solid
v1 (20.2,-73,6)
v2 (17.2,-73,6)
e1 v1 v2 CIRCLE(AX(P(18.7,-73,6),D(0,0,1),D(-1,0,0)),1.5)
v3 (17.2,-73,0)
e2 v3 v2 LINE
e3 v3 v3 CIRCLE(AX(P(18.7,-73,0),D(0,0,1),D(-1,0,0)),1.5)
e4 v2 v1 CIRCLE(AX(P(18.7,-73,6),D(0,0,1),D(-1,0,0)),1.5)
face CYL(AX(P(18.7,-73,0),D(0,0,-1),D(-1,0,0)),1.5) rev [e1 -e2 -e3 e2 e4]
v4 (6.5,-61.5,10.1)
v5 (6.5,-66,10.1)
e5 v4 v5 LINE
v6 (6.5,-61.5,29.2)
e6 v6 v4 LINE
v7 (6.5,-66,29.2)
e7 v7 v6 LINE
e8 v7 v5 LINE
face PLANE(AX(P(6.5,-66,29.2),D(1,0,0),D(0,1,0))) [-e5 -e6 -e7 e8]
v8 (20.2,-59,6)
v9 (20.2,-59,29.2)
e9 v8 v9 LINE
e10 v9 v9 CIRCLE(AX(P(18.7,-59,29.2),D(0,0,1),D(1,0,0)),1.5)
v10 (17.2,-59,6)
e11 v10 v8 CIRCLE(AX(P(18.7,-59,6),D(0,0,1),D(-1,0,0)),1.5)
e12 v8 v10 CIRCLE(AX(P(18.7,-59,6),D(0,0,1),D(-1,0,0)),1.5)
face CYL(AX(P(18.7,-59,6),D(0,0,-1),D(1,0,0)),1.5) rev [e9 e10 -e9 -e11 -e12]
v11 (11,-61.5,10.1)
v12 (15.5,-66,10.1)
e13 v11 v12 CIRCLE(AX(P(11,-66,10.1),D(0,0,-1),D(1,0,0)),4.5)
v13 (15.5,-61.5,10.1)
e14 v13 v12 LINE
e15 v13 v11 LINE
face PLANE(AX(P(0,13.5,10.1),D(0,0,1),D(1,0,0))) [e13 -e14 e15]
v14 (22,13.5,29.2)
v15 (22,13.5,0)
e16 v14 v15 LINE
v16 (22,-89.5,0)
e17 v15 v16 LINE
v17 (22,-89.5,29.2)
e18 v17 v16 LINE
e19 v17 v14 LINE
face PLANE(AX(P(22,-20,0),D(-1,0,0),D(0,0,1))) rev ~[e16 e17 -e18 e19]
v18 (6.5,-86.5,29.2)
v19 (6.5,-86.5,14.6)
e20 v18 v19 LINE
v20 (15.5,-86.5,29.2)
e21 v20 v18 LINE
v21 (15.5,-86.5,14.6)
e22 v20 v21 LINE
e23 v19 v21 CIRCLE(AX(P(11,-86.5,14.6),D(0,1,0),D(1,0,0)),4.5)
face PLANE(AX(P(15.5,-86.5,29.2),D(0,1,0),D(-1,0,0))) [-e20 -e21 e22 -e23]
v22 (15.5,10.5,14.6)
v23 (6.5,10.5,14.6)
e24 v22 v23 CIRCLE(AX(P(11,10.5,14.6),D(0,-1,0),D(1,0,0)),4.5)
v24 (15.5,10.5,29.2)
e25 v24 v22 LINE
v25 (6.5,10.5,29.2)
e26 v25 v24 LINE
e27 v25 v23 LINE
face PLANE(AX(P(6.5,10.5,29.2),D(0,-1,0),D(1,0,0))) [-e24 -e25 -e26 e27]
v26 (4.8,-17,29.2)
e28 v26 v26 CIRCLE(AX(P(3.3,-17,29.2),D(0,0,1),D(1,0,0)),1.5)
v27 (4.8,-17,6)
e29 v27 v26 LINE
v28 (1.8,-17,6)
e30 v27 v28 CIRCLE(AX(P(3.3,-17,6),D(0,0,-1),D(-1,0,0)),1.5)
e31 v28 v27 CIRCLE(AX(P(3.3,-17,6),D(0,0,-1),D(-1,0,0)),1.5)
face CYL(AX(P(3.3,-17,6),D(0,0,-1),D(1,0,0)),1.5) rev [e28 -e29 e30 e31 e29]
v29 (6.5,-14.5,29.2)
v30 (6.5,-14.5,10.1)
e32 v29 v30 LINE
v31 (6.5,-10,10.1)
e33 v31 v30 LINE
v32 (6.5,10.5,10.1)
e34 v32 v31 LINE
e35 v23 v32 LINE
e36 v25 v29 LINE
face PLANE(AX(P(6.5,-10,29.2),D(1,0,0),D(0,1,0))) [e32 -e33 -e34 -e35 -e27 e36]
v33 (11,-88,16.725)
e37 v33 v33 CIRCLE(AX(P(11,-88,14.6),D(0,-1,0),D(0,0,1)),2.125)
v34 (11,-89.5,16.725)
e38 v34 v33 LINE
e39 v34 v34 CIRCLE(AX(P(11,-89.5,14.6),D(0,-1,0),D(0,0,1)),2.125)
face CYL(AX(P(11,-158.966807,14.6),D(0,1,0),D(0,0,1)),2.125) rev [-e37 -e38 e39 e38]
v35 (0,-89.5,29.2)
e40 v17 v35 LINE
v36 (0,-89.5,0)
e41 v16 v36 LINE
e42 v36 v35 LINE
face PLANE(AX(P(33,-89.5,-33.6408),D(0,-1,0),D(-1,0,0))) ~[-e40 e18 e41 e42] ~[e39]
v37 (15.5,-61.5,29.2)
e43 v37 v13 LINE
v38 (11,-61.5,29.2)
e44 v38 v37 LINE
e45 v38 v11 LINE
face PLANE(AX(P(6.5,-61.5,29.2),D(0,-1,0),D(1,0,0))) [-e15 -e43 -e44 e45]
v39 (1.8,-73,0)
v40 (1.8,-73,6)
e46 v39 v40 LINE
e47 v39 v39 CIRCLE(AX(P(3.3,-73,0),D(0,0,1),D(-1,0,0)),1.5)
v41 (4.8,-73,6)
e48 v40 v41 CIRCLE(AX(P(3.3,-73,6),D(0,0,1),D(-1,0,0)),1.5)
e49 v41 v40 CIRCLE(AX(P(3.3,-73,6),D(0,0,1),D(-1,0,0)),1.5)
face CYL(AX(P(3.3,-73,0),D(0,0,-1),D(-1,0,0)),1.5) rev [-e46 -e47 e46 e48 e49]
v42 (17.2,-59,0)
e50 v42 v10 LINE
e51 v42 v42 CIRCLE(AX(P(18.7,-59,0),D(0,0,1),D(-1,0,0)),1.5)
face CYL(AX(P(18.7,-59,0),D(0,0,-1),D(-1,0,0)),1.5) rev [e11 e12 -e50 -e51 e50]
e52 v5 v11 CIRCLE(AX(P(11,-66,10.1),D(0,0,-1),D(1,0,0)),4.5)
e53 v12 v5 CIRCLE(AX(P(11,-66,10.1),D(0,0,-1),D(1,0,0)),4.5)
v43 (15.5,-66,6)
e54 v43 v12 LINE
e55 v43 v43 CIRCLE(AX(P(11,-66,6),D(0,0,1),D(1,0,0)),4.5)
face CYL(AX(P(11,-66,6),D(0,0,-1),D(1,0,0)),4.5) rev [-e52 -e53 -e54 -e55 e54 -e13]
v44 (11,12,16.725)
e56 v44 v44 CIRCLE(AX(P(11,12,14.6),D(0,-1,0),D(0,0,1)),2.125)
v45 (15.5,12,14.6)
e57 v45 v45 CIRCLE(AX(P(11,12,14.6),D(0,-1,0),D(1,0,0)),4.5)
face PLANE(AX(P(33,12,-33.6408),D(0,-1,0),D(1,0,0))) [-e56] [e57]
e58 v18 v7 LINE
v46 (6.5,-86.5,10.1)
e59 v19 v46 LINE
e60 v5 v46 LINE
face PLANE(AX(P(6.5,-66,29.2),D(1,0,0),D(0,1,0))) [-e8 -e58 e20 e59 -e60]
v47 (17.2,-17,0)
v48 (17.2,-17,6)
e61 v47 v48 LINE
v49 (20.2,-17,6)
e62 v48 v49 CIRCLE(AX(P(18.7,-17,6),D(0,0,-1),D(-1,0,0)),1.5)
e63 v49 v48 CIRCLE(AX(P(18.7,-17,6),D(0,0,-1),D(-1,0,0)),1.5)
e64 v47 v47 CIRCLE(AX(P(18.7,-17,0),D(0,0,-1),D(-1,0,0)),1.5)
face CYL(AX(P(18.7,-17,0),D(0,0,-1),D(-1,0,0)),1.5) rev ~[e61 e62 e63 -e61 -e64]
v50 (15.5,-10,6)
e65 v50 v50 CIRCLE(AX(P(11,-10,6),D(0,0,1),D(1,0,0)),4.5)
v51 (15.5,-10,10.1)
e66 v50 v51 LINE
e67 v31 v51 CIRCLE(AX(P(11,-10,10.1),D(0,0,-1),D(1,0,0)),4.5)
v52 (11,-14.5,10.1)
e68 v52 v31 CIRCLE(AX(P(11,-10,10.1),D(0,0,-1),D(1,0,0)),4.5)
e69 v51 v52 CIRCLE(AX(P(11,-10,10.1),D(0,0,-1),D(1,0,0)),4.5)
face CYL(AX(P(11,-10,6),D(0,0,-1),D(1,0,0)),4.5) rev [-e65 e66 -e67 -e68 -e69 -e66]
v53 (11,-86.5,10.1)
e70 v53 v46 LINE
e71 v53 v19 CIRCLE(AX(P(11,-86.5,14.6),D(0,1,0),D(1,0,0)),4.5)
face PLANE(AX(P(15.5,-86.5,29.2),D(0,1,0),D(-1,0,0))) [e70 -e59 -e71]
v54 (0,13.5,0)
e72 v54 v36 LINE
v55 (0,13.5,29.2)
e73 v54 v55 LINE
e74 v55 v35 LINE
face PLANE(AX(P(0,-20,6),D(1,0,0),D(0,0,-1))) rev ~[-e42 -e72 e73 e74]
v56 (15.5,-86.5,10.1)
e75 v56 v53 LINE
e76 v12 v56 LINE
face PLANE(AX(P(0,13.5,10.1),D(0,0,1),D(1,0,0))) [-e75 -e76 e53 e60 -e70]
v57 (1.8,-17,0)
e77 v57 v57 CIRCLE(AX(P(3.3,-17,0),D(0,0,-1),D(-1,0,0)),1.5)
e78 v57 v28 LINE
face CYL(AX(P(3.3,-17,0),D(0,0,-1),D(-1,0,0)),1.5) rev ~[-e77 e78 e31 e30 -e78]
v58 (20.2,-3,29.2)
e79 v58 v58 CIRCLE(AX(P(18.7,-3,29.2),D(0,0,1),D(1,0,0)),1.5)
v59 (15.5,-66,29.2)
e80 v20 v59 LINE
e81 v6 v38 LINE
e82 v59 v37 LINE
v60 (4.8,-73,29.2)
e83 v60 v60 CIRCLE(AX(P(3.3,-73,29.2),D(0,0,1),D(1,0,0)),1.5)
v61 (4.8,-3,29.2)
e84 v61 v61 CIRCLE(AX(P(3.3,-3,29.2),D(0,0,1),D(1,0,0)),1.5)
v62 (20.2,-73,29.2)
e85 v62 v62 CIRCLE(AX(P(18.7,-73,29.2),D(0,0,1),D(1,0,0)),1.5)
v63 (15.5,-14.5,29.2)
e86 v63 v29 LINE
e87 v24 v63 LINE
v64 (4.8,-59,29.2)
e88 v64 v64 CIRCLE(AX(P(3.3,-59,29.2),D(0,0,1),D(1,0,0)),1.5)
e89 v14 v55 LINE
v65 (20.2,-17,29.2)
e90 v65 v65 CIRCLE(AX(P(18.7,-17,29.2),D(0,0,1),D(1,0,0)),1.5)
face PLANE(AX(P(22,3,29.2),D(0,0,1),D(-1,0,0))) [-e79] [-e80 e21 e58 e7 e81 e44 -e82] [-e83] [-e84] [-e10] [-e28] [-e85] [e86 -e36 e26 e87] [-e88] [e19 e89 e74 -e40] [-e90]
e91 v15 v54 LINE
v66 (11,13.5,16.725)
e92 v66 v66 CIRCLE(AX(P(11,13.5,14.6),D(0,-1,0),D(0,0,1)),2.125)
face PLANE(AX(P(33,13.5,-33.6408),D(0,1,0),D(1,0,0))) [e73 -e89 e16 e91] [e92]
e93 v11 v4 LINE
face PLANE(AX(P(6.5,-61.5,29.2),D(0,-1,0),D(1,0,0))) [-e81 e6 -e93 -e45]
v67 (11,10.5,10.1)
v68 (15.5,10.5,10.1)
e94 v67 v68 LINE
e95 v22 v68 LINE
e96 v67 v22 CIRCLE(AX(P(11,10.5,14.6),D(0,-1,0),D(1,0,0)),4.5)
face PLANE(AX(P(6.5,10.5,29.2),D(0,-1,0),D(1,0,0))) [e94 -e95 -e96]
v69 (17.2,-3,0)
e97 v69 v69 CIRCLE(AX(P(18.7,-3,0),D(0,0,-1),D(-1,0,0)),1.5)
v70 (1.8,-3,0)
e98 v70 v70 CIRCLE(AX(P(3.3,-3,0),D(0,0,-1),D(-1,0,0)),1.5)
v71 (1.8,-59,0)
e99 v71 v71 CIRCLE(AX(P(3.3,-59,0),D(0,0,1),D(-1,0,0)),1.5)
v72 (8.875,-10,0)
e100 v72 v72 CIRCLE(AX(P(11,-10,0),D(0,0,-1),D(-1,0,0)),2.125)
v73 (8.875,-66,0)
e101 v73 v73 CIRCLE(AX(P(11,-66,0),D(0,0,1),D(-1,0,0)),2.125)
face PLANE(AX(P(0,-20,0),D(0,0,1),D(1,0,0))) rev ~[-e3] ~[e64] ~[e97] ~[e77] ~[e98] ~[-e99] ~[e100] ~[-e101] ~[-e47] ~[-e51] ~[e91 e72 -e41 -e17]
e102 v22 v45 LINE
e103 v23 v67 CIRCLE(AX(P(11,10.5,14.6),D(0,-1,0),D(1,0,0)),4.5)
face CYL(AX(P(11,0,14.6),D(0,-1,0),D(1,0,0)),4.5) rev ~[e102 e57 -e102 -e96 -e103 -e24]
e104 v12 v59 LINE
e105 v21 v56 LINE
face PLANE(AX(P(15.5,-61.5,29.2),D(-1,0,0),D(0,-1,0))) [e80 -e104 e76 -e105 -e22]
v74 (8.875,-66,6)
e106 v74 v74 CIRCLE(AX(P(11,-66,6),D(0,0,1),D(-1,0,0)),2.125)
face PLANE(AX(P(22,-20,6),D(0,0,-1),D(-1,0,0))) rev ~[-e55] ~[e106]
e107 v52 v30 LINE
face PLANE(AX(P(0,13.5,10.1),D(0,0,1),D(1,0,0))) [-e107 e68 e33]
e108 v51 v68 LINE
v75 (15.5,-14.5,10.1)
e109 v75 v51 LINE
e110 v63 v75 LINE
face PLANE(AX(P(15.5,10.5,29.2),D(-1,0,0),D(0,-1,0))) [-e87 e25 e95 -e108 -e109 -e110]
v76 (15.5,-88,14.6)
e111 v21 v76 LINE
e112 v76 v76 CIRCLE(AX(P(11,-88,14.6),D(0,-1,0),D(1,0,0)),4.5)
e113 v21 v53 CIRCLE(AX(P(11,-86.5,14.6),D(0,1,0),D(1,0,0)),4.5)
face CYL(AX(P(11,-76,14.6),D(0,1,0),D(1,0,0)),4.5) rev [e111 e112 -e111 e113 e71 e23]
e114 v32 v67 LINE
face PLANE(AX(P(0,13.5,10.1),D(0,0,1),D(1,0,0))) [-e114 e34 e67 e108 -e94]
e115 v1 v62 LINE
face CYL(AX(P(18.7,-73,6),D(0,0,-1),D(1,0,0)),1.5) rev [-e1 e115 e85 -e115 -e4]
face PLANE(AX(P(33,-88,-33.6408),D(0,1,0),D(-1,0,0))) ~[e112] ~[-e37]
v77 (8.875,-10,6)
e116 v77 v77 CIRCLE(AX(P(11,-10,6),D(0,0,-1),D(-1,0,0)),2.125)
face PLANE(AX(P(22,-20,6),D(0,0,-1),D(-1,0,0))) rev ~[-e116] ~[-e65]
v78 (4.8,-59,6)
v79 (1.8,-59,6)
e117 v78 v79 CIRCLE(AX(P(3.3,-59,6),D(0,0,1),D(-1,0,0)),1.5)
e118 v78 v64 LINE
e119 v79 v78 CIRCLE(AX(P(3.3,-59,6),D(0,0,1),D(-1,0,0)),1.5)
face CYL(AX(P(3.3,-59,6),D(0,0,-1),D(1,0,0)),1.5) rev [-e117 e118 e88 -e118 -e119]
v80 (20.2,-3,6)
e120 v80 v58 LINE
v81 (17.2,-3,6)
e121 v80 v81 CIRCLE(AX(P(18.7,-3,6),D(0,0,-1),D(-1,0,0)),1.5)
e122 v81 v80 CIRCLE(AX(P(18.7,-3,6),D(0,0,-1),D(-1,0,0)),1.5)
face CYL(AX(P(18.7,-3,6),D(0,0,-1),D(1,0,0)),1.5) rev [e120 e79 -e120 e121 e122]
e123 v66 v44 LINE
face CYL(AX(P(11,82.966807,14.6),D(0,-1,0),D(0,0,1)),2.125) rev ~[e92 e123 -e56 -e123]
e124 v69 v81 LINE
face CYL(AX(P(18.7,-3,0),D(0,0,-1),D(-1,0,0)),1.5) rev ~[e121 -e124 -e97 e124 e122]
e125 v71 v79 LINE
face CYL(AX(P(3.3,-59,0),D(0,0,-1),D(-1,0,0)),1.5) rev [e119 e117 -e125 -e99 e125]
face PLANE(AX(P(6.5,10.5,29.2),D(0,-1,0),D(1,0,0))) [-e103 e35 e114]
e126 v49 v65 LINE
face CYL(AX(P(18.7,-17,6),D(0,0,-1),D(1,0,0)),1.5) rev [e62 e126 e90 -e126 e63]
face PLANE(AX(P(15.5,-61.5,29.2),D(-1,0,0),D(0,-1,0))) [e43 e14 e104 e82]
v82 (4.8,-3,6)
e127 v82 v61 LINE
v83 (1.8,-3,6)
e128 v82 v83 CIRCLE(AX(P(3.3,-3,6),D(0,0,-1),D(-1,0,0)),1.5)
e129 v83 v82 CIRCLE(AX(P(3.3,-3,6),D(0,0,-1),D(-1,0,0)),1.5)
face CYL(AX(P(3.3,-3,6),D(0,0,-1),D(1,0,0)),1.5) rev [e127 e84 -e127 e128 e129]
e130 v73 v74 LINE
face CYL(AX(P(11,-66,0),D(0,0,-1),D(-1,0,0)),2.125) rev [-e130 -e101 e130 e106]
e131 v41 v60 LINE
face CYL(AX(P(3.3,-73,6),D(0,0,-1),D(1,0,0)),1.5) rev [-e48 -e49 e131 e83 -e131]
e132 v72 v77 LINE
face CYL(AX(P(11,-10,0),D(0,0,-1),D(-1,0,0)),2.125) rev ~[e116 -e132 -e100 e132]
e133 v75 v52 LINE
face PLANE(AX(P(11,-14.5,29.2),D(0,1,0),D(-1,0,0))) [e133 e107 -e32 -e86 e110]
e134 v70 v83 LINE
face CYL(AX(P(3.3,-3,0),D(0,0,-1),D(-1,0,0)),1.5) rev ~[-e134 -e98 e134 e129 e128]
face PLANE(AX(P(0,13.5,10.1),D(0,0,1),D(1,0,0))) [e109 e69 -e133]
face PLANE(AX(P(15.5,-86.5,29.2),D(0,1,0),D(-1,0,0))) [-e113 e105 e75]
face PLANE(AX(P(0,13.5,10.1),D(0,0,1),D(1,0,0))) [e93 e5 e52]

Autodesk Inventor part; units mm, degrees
ref_plane "YZ Plane" through (0, 0, 0) normal (1, 0, 0) x (0, 1, 0)
ref_plane "XZ Plane" through (0, 0, 0) normal (0, 1, 0) x (-1, 0, 0)
ref_plane "XY Plane" through (0, 0, 0) normal (0, 0, 1) x (1, 0, 0)
ref_plane "Płaszczyzna konstrukcyjna1" through (33, 3, -33.6408) normal (0, 1, 0) x (0, 0, 1)
sketch "Szkic1" plane through (33, 3, -33.6408) normal (0, 1, 0) x (0, 0, 1)
  line L0 (33.6408, -11) -> (70.3592, -11) projected
  line L1 (33.6408, -33) -> (33.6408, -11) projected
  line L2 (33.6408, -11) -> (70.3592, -11)
  line L3 (70.3592, -11) -> (70.3592, -33)
  line L4 (70.3592, -33) -> (33.6408, -33)
  line L5 (33.6408, -33) -> (33.6408, -11)
extrude "Wyciągnięcie proste1" add sketch "Szkic1" against normal blind 3
sketch "Szkic2" plane through (33, 0, -33.6408) normal (0, -1, 0) x (1, 0, 0)
  line L0 (-11, 33.6408) -> (-33, 33.6408)
  line L1 (-33, 33.6408) -> (-33, 39.6408)
  line L2 (-33, 39.6408) -> (-11, 39.6408)
  line L3 (-11, 39.6408) -> (-11, 33.6408)
  line L4 (-33, 33.6408) -> (-11, 33.6408) projected
  line L5 (-11, 33.6408) -> (-11, 70.3592) projected
  line L6 (-33, 70.3592) -> (-33, 33.6408) projected
  dimension "d2" = 6
extrude "Wyciągnięcie proste2" add sketch "Szkic2" along normal blind 20
sketch "Szkic3" plane through (22, 3, 0) normal (0, 0, -1) x (-1, 0, 0)
  circle A0 centre (18.7, -6) radius 1.25 projected
  circle A1 centre (3.3, -6) radius 1.25 projected
  circle A2 centre (3.3, -20) radius 1.25 projected
  circle A3 centre (18.7, -20) radius 1.25 projected
  circle A4 centre (11, -13) radius 2.125 projected
  circle A5 centre (18.7, -6) radius 1.5
  circle A6 centre (18.7, -20) radius 1.5
  circle A7 centre (3.3, -6) radius 1.5
  circle A8 centre (3.3, -20) radius 1.5
  point P0 (22, -3)
  dimension "d5" = 0.25
  dimension "d6" = 0.25
  dimension "d7" = 0.25
  dimension "d8" = 0.25
extrude "Wyciągnięcie proste3" cut sketch "Szkic3" against normal through all contours A0 | A1 | A2 | A3 | A4 | A5 | A6 | A7 | A8
sketch "Szkic4" plane through (33, 3, -33.6408) normal (0, 1, 0) x (1, 0, 0)
  line L0 (-33, -48.2408) -> (-22, -48.2408) construction
  line L1 (-22, -48.2408) -> (-11, -48.2408) construction
  line L2 (-11, -70.3592) -> (-11, -33.6408) projected
  line L3 (-33, -33.6408) -> (-33, -70.3592) projected
  line L4 (-11, -33.6408) -> (-33, -33.6408) projected
  line L5 (-22, -48.2408) -> (-22, -33.6408) construction
  line L6 (-22, -48.2408) -> (-22, -62.8408) construction
  line L7 (-11, -33.6408) -> (-33, -33.6408)
  line L8 (-33, -33.6408) -> (-33, -62.8408)
  line L9 (-33, -62.8408) -> (-11, -62.8408)
  line L10 (-11, -62.8408) -> (-11, -33.6408)
  point P0 (-11, -62.8408)
  dimension "d11" = 14.6
extrude "Wyciągnięcie proste4" cut sketch "Szkic4" against normal through all keep common part
sketch "Szkic6" plane through (33, 3, -33.6408) normal (0, 1, 0) x (1, 0, 0)
  line L0 (-11, -62.8408) -> (-33, -62.8408) projected
  line L1 (-11, -62.8408) -> (-11, -33.6408) projected
  line L2 (-11, -33.6408) -> (-33, -33.6408) projected
  line L3 (-33, -33.6408) -> (-33, -62.8408) projected
extrude "Wyciągnięcie proste5" add sketch "Szkic6" along normal blind 10.5
hole "Otwór3" at (11, 3, 14.6) direction (0, -1, 0) diameter 4.25 end through all both
sketch "Szkic7" plane through (33, 0, -33.6408) normal (0, -1, 0) x (1, 0, 0)
  circle A0 centre (-22, 48.2408) radius 2.125 projected
  circle A1 centre (-22, 48.2408) radius 4.5
  point P0 (-33, 33.6408)
  dimension "d37" = 9
extrude "Wyciągnięcie proste6" cut sketch "Szkic7" against normal blind 12 contours A0 | A1
sketch "Szkic8" plane through (33, -20, -33.6408) normal (0, -1, 0) x (1, 0, 0)
  line L0 (-33, 33.6408) -> (-11, 33.6408) projected
  line L1 (-11, 33.6408) -> (-11, 39.6408) projected
  line L2 (-11, 39.6408) -> (-33, 39.6408) projected
  line L3 (-33, 39.6408) -> (-33, 33.6408) projected
extrude "Wyciągnięcie proste7" add sketch "Szkic8" along normal blind 18
mirror "Odbij1" about plane through (11, -38, 3) normal (0, -1, 0)
sketch "Szkic9" plane through (0, 0, 6) normal (0, 0, 1) x (1, 0, 0)
  circle A0 centre (11, -66) radius 2.125 projected
  circle A1 centre (18.7, -73) radius 1.5 projected
  circle A2 centre (3.3, -73) radius 1.5 projected
  circle A3 centre (18.7, -59) radius 1.5 projected
  circle A4 centre (3.3, -59) radius 1.5 projected
  circle A5 centre (3.3, -17) radius 1.5 projected
  circle A6 centre (18.7, -17) radius 1.5 projected
  circle A7 centre (3.3, -3) radius 1.5 projected
  circle A8 centre (18.7, -3) radius 1.5 projected
  circle A9 centre (11, -10) radius 2.125 projected
  line L0 (0, 0) -> (22, 0) projected
  line L1 (0, 0) -> (0, -76) projected
  line L2 (0, -76) -> (22, -76) projected
  line L3 (22, 0) -> (22, -76) projected
  circle A10 centre (11, -66) radius 2.125 projected
  circle A11 centre (11, -66) radius 4.5
  circle A12 centre (11, -10) radius 4.5
  point P0 (0, 0)
  dimension "d42" = 9
  dimension "d43" = 9
extrude "Wyciągnięcie proste8" add sketch "Szkic9" along normal up to surface (23.2 mm away) contours L0 L3 L2 L1
sketch "Szkic11" plane through (0, 13.5, 29.2) normal (0, 0, 1) x (1, 0, 0)
  line L0 (6.5, -3) -> (15.5, -3)
  line L1 (15.5, -3) -> (15.5, -28)
  line L2 (15.5, -28) -> (6.5, -28)
  line L3 (6.5, -28) -> (6.5, -3)
  line L4 (6.5, -75) -> (15.5, -75)
  line L5 (15.5, -75) -> (15.5, -100)
  line L6 (15.5, -100) -> (6.5, -100)
  line L7 (6.5, -100) -> (6.5, -75)
  line L8 (0, 0) -> (0, -103) construction
  line L9 (0, 0) -> (6.5, -3) construction
  line L10 (15.5, -3) -> (22, 0) construction
  line L11 (0, 0) -> (22, 0) construction
  line L12 (0, -103) -> (22, -103) construction
  circle A0 centre (11, -23.5) radius 4.5 projected
  circle A1 centre (11, -79.5) radius 4.5 projected
  point P0 (0, -13.5)
  dimension "d48" = 3
  dimension "d51" = 3
extrude "Wyciągnięcie proste9" cut sketch "Szkic11" against normal blind 19.1
equation "\"d51\" = d48"
properties part number "wheel-adapter-front"
